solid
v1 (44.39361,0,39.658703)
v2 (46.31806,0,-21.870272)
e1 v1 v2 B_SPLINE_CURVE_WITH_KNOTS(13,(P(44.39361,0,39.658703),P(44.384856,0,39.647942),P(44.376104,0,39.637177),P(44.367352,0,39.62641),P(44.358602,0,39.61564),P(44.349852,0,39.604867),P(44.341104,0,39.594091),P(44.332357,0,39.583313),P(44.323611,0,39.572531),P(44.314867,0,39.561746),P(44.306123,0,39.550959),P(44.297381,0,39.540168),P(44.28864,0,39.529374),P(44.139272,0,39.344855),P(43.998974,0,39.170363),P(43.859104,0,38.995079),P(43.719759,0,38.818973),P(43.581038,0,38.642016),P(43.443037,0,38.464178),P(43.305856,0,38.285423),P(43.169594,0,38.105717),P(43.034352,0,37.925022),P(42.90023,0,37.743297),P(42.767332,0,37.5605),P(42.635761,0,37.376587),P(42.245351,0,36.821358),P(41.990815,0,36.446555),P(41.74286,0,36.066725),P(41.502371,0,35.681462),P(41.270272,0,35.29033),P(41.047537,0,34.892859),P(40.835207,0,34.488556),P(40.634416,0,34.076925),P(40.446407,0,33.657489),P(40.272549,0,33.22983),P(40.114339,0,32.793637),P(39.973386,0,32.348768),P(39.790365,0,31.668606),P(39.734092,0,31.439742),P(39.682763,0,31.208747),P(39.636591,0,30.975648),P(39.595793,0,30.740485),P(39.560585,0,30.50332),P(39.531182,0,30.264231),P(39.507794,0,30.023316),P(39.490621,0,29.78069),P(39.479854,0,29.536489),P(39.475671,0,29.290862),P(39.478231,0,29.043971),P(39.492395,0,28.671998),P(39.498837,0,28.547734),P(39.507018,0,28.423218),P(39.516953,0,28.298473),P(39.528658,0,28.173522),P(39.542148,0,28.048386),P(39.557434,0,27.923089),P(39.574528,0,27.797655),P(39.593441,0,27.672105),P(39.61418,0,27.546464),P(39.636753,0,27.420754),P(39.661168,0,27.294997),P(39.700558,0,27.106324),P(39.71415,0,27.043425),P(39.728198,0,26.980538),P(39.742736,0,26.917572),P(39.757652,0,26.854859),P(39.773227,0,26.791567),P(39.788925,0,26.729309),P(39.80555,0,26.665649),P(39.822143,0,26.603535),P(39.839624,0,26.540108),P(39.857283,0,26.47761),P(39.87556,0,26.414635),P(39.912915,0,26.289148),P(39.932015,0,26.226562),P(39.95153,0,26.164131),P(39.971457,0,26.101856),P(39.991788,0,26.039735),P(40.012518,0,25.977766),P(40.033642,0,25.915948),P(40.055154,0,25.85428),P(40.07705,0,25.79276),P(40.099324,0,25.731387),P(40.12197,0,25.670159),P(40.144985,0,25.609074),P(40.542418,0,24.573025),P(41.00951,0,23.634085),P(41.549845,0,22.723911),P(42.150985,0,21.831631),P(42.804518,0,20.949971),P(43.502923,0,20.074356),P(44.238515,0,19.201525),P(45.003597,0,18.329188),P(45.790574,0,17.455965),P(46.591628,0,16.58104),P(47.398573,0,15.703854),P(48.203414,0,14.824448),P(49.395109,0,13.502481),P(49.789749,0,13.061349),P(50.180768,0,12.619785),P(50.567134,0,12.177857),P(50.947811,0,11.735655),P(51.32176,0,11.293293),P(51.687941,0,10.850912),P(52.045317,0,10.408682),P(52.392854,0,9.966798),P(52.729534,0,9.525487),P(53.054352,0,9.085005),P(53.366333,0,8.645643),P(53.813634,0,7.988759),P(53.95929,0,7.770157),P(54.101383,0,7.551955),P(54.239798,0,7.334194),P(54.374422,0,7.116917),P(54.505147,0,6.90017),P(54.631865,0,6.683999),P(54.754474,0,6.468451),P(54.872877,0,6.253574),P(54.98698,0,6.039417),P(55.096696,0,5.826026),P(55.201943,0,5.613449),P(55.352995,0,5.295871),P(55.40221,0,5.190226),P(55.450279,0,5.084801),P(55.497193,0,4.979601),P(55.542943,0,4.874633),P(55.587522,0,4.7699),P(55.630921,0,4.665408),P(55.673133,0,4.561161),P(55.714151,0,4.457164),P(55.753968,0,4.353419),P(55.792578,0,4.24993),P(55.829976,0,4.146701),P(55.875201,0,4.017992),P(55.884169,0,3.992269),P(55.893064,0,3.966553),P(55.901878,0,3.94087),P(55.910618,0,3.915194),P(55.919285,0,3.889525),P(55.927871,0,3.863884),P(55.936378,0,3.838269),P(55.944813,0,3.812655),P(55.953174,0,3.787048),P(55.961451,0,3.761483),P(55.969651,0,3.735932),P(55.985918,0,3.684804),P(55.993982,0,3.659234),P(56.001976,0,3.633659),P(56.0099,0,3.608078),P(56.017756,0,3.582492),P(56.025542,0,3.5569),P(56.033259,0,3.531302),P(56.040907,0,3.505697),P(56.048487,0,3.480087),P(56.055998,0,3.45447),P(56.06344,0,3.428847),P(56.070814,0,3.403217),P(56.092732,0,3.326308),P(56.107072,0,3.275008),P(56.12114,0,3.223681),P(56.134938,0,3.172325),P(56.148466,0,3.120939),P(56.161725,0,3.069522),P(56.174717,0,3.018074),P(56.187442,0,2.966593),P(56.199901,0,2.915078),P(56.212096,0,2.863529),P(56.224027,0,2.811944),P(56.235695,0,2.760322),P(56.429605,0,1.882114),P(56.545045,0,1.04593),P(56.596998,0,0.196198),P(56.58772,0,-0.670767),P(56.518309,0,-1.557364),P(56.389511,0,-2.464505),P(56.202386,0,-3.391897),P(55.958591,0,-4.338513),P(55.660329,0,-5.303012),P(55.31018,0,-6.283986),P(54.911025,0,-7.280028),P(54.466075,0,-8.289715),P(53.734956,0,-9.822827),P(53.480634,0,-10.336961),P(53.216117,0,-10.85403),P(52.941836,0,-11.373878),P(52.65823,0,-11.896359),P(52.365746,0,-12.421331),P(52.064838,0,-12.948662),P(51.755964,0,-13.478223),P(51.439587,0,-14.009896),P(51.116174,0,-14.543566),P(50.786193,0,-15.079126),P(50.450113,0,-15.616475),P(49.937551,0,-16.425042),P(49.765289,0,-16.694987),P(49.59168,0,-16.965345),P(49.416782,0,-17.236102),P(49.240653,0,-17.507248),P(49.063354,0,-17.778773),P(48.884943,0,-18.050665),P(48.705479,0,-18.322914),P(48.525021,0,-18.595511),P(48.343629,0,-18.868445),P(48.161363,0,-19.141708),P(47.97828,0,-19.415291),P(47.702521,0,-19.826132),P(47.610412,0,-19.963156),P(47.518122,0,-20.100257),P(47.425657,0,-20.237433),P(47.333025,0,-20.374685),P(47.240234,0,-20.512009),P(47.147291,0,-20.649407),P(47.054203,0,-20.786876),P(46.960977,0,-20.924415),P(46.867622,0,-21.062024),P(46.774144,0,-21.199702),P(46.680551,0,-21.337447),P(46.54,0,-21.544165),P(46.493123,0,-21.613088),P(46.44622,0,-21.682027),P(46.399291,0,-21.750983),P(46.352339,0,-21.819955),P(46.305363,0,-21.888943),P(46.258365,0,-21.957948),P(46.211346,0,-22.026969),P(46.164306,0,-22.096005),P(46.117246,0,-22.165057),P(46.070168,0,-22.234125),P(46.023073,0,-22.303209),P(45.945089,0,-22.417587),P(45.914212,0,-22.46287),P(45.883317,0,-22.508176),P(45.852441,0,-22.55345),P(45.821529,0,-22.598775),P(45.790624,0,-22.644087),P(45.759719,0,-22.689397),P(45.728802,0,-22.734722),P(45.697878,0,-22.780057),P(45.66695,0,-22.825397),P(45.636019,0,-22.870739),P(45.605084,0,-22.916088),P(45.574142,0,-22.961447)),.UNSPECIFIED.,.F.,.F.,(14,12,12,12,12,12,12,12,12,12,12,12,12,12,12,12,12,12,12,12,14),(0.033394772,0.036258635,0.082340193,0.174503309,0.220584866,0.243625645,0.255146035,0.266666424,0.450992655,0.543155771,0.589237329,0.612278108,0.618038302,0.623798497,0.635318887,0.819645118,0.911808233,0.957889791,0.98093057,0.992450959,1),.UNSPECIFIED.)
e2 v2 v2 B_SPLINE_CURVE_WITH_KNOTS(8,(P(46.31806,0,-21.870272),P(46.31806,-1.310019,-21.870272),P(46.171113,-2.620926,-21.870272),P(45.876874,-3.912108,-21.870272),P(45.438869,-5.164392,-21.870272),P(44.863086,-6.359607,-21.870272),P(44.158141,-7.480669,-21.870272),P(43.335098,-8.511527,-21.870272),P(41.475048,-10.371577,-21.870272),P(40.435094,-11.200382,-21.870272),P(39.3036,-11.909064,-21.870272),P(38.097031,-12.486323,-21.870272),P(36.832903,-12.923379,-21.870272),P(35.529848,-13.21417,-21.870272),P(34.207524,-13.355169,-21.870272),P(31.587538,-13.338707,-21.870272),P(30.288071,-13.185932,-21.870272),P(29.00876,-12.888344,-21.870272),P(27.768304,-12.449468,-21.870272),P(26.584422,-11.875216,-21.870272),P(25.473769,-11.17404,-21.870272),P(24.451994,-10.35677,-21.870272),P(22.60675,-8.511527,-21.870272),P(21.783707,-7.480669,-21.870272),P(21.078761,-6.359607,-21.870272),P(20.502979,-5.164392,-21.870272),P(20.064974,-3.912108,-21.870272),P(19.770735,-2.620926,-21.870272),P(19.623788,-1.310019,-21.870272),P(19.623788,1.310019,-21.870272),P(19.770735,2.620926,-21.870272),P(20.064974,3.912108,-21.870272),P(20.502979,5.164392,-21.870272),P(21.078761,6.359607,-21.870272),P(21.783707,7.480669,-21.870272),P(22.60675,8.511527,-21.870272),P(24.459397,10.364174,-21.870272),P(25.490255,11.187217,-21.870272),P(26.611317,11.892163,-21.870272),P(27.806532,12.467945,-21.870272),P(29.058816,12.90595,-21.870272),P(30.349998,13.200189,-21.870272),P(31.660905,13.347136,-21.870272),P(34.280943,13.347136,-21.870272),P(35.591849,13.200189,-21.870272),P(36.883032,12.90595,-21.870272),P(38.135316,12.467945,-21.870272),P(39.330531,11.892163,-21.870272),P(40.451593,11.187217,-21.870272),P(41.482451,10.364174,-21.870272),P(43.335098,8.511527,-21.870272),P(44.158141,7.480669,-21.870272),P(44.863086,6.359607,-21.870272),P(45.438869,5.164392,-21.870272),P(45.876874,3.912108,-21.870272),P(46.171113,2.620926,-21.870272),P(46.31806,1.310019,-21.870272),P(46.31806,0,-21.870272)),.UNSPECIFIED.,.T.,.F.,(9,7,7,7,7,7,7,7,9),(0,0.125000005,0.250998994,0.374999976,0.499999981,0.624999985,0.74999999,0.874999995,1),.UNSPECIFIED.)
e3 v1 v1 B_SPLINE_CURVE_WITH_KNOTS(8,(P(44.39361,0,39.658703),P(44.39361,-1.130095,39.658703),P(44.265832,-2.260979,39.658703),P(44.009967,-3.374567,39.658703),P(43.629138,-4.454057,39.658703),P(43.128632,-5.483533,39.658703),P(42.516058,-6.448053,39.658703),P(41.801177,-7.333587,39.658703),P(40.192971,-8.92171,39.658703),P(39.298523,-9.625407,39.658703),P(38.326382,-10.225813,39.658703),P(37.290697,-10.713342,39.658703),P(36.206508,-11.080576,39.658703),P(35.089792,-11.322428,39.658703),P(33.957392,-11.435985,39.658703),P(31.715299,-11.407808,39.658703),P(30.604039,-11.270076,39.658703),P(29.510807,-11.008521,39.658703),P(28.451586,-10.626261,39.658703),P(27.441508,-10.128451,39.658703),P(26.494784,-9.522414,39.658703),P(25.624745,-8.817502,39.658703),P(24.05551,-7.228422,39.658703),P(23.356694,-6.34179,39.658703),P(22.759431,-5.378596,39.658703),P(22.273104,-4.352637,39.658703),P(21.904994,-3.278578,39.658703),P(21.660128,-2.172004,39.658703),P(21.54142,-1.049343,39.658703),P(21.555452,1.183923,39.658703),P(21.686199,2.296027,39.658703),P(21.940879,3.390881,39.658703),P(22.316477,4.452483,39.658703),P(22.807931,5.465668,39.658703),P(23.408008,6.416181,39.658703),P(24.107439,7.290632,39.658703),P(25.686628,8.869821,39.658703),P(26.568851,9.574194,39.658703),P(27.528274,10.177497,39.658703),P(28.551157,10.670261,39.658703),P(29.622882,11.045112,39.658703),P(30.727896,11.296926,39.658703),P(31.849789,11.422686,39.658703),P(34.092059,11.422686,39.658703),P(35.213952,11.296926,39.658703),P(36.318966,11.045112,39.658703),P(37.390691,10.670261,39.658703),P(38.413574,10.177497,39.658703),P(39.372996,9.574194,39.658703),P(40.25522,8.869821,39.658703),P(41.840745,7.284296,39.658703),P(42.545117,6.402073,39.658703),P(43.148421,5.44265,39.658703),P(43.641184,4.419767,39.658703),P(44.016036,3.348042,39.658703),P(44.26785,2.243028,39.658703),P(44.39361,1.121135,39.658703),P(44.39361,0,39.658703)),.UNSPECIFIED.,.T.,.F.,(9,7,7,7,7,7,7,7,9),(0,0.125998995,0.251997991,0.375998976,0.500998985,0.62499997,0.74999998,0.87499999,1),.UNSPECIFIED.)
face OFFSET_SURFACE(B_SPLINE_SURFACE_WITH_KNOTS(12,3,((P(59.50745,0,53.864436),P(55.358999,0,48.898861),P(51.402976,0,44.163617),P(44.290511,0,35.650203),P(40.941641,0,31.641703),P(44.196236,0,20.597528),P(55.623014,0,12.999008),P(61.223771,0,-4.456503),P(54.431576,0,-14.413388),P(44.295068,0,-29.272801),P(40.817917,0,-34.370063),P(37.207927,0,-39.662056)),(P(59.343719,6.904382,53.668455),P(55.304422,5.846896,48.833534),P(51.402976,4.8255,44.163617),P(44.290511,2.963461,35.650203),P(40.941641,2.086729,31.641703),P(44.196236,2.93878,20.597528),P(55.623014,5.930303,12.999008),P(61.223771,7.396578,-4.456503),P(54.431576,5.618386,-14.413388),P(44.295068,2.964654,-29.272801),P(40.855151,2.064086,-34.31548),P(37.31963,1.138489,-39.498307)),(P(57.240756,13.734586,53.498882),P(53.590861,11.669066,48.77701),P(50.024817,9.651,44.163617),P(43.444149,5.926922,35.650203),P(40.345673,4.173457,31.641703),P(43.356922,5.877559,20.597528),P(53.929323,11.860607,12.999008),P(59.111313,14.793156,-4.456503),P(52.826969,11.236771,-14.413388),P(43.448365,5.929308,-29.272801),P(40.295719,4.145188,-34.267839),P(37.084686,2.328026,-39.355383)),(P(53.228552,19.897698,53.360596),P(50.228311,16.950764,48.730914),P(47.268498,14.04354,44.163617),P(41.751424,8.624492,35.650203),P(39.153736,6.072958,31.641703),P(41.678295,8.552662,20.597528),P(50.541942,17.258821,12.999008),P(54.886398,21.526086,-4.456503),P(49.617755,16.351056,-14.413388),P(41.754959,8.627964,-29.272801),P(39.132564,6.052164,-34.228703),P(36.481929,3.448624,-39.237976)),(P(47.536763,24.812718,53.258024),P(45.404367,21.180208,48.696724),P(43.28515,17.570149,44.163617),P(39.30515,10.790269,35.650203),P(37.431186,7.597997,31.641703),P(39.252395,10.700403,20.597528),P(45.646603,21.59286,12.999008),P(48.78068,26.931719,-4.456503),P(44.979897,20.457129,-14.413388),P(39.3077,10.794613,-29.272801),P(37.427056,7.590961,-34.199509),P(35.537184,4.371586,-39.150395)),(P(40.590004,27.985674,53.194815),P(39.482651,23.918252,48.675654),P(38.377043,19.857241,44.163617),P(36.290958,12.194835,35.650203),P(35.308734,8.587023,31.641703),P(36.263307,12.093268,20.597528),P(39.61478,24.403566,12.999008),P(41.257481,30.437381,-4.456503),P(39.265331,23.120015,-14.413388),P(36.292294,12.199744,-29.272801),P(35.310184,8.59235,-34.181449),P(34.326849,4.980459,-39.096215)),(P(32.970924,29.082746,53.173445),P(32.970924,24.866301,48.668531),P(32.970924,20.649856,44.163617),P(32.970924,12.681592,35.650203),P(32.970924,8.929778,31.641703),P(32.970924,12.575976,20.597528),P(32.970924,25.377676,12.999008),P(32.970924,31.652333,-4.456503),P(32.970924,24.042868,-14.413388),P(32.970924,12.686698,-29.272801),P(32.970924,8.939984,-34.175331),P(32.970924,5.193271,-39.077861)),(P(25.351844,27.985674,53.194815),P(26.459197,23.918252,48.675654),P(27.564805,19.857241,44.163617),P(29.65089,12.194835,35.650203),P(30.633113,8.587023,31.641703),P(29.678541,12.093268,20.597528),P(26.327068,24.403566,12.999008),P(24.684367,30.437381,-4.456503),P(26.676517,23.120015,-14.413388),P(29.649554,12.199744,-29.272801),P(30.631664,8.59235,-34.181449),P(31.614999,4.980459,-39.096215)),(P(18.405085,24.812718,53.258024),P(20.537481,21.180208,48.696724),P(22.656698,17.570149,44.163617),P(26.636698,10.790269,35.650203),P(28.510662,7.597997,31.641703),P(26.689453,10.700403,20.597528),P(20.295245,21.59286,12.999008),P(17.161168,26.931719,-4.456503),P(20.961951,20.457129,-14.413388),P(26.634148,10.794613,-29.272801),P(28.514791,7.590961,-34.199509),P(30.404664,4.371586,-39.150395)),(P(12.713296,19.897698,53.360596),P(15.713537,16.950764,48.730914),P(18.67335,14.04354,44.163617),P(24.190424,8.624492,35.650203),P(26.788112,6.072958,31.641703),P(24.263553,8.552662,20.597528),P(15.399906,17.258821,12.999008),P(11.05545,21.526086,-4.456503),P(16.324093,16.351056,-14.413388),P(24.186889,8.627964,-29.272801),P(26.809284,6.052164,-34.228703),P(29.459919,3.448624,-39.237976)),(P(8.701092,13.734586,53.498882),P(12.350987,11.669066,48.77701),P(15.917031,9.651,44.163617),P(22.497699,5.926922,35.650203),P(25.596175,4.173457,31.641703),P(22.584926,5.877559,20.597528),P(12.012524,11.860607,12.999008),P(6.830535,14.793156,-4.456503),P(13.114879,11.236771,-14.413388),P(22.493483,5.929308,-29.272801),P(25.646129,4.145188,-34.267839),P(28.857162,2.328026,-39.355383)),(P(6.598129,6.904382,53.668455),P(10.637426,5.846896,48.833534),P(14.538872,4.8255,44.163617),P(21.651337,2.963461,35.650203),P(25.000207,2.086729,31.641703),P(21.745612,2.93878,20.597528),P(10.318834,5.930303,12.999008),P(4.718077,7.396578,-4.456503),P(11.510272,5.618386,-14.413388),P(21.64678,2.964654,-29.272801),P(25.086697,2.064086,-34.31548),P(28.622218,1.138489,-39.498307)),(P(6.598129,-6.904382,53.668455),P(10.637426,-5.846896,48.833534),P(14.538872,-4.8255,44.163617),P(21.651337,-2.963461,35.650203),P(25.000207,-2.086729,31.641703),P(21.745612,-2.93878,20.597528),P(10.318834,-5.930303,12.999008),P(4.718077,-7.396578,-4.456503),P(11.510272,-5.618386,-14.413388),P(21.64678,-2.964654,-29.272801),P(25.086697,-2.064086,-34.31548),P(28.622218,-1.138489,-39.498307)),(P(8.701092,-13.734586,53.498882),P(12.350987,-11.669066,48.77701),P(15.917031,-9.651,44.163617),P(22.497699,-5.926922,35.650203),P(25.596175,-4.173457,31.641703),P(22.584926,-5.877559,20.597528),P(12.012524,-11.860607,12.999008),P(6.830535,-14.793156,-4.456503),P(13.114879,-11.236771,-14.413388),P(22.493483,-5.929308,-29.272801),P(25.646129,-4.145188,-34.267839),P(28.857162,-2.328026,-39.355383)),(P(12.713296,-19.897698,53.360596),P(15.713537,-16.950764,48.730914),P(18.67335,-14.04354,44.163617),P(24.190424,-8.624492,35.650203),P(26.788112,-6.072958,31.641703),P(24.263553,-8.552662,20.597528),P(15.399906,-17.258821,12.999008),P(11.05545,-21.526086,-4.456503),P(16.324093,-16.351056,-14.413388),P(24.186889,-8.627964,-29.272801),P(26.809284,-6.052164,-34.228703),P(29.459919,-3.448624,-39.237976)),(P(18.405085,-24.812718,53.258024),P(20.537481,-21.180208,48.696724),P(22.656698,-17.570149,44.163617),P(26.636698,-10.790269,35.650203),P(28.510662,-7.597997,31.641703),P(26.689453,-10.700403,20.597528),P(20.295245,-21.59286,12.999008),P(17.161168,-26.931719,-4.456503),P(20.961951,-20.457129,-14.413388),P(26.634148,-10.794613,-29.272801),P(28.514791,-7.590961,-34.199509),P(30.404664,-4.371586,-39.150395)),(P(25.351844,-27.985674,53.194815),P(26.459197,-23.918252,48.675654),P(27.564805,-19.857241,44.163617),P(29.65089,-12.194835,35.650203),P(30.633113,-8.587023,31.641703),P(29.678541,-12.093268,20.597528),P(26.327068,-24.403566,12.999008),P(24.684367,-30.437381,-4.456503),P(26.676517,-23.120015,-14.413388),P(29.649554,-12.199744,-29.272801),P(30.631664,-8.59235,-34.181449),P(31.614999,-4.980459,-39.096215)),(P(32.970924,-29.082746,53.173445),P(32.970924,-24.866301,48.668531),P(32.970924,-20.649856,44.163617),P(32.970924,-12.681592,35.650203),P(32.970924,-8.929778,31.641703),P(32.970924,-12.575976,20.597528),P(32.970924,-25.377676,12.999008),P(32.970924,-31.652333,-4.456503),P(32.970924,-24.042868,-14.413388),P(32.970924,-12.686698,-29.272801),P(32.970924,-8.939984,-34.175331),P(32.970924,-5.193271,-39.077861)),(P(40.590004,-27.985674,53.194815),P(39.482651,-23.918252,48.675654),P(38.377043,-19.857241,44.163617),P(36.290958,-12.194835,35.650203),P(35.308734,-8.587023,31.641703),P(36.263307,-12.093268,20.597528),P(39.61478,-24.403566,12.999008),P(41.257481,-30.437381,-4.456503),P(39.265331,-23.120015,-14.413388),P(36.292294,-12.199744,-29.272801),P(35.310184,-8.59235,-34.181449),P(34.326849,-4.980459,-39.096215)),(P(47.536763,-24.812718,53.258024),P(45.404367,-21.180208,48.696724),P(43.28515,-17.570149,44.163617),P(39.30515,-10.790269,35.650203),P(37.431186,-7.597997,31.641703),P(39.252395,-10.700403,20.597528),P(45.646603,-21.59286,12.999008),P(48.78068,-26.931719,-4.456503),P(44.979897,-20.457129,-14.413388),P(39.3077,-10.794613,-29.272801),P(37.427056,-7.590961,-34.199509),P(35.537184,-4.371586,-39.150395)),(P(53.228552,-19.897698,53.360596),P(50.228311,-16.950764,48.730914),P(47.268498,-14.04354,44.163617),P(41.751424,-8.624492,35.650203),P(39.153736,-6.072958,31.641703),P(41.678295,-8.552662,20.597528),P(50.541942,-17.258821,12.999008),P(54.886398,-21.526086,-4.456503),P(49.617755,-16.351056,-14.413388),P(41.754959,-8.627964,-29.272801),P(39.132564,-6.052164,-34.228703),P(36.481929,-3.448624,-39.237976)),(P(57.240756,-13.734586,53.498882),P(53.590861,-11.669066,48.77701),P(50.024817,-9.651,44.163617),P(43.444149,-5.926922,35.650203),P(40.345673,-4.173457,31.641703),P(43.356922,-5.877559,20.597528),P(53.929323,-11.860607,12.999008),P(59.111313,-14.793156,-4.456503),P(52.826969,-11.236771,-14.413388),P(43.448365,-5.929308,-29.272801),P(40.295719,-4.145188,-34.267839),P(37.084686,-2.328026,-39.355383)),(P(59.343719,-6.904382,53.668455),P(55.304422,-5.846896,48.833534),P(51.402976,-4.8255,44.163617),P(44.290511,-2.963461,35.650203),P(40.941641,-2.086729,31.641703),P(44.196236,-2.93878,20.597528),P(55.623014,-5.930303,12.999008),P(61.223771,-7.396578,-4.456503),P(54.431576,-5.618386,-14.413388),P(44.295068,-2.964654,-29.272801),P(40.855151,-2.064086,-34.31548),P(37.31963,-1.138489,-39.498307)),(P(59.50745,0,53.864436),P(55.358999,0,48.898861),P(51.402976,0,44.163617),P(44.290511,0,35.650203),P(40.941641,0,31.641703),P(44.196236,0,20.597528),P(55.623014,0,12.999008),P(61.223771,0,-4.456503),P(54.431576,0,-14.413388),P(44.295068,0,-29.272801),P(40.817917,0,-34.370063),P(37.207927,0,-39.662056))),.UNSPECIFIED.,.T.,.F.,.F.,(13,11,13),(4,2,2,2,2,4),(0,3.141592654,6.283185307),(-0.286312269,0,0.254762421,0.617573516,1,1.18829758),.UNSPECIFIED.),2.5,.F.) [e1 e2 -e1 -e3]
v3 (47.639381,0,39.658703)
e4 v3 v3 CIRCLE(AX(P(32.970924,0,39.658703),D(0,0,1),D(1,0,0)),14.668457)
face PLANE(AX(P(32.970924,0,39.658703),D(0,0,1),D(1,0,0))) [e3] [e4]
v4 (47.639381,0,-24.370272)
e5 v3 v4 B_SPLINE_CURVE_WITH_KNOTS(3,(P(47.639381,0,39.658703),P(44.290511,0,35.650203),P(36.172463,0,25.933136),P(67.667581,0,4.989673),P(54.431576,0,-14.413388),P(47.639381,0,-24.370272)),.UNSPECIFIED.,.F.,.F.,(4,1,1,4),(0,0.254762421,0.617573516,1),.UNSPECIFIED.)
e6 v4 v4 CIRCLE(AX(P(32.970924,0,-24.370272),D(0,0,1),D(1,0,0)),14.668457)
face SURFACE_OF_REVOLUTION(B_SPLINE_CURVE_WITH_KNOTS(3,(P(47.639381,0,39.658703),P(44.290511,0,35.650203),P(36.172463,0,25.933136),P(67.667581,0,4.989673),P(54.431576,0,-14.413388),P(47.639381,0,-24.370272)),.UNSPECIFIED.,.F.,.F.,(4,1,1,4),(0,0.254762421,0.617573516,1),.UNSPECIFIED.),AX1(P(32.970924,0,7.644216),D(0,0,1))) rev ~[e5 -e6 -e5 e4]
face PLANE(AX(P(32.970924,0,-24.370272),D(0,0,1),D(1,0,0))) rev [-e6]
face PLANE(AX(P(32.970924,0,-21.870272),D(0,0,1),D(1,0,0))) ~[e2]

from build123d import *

# Parameters (mm, degrees)
F2_T = -2.5


with BuildPart() as f1:
    # F0 (on Front) → F1 (revolve)
    with BuildSketch(Plane.XZ):
        with BuildLine():
            Line((47.6393811405, 39.6587029099), (32.9709239304, 39.6587029099))
            Line((32.9709239304, 39.6587029099), (32.9709239304, -24.3702717125))
            Line((32.9709239304, -24.3702717125), (47.6393811405, -24.3702717125))
            add(Edge.make_bspline(
                [(47.6393811405, 39.6587029099), (44.290511015, 35.650202706), (36.1724632788, 25.93313552), (67.6675813832, 4.98967307), (54.4315761365, -14.4133875384), (47.6393811405, -24.3702717125)],
                knots=[0, 0, 0, 0, 0.2547624212, 0.6175735156, 1, 1, 1, 1], degree=3))
        make_face()
    revolve(axis=Axis((32.9709239304, 0, 7.6442155987), (0, 0, 1)))

    # F2
    f2_openings = [f1.faces().sort_by_distance(p)[0] for p in [
        (32.970924, 0, 39.658703),
    ]]
    offset(amount=F2_T, openings=f2_openings)


solid = f1.part
